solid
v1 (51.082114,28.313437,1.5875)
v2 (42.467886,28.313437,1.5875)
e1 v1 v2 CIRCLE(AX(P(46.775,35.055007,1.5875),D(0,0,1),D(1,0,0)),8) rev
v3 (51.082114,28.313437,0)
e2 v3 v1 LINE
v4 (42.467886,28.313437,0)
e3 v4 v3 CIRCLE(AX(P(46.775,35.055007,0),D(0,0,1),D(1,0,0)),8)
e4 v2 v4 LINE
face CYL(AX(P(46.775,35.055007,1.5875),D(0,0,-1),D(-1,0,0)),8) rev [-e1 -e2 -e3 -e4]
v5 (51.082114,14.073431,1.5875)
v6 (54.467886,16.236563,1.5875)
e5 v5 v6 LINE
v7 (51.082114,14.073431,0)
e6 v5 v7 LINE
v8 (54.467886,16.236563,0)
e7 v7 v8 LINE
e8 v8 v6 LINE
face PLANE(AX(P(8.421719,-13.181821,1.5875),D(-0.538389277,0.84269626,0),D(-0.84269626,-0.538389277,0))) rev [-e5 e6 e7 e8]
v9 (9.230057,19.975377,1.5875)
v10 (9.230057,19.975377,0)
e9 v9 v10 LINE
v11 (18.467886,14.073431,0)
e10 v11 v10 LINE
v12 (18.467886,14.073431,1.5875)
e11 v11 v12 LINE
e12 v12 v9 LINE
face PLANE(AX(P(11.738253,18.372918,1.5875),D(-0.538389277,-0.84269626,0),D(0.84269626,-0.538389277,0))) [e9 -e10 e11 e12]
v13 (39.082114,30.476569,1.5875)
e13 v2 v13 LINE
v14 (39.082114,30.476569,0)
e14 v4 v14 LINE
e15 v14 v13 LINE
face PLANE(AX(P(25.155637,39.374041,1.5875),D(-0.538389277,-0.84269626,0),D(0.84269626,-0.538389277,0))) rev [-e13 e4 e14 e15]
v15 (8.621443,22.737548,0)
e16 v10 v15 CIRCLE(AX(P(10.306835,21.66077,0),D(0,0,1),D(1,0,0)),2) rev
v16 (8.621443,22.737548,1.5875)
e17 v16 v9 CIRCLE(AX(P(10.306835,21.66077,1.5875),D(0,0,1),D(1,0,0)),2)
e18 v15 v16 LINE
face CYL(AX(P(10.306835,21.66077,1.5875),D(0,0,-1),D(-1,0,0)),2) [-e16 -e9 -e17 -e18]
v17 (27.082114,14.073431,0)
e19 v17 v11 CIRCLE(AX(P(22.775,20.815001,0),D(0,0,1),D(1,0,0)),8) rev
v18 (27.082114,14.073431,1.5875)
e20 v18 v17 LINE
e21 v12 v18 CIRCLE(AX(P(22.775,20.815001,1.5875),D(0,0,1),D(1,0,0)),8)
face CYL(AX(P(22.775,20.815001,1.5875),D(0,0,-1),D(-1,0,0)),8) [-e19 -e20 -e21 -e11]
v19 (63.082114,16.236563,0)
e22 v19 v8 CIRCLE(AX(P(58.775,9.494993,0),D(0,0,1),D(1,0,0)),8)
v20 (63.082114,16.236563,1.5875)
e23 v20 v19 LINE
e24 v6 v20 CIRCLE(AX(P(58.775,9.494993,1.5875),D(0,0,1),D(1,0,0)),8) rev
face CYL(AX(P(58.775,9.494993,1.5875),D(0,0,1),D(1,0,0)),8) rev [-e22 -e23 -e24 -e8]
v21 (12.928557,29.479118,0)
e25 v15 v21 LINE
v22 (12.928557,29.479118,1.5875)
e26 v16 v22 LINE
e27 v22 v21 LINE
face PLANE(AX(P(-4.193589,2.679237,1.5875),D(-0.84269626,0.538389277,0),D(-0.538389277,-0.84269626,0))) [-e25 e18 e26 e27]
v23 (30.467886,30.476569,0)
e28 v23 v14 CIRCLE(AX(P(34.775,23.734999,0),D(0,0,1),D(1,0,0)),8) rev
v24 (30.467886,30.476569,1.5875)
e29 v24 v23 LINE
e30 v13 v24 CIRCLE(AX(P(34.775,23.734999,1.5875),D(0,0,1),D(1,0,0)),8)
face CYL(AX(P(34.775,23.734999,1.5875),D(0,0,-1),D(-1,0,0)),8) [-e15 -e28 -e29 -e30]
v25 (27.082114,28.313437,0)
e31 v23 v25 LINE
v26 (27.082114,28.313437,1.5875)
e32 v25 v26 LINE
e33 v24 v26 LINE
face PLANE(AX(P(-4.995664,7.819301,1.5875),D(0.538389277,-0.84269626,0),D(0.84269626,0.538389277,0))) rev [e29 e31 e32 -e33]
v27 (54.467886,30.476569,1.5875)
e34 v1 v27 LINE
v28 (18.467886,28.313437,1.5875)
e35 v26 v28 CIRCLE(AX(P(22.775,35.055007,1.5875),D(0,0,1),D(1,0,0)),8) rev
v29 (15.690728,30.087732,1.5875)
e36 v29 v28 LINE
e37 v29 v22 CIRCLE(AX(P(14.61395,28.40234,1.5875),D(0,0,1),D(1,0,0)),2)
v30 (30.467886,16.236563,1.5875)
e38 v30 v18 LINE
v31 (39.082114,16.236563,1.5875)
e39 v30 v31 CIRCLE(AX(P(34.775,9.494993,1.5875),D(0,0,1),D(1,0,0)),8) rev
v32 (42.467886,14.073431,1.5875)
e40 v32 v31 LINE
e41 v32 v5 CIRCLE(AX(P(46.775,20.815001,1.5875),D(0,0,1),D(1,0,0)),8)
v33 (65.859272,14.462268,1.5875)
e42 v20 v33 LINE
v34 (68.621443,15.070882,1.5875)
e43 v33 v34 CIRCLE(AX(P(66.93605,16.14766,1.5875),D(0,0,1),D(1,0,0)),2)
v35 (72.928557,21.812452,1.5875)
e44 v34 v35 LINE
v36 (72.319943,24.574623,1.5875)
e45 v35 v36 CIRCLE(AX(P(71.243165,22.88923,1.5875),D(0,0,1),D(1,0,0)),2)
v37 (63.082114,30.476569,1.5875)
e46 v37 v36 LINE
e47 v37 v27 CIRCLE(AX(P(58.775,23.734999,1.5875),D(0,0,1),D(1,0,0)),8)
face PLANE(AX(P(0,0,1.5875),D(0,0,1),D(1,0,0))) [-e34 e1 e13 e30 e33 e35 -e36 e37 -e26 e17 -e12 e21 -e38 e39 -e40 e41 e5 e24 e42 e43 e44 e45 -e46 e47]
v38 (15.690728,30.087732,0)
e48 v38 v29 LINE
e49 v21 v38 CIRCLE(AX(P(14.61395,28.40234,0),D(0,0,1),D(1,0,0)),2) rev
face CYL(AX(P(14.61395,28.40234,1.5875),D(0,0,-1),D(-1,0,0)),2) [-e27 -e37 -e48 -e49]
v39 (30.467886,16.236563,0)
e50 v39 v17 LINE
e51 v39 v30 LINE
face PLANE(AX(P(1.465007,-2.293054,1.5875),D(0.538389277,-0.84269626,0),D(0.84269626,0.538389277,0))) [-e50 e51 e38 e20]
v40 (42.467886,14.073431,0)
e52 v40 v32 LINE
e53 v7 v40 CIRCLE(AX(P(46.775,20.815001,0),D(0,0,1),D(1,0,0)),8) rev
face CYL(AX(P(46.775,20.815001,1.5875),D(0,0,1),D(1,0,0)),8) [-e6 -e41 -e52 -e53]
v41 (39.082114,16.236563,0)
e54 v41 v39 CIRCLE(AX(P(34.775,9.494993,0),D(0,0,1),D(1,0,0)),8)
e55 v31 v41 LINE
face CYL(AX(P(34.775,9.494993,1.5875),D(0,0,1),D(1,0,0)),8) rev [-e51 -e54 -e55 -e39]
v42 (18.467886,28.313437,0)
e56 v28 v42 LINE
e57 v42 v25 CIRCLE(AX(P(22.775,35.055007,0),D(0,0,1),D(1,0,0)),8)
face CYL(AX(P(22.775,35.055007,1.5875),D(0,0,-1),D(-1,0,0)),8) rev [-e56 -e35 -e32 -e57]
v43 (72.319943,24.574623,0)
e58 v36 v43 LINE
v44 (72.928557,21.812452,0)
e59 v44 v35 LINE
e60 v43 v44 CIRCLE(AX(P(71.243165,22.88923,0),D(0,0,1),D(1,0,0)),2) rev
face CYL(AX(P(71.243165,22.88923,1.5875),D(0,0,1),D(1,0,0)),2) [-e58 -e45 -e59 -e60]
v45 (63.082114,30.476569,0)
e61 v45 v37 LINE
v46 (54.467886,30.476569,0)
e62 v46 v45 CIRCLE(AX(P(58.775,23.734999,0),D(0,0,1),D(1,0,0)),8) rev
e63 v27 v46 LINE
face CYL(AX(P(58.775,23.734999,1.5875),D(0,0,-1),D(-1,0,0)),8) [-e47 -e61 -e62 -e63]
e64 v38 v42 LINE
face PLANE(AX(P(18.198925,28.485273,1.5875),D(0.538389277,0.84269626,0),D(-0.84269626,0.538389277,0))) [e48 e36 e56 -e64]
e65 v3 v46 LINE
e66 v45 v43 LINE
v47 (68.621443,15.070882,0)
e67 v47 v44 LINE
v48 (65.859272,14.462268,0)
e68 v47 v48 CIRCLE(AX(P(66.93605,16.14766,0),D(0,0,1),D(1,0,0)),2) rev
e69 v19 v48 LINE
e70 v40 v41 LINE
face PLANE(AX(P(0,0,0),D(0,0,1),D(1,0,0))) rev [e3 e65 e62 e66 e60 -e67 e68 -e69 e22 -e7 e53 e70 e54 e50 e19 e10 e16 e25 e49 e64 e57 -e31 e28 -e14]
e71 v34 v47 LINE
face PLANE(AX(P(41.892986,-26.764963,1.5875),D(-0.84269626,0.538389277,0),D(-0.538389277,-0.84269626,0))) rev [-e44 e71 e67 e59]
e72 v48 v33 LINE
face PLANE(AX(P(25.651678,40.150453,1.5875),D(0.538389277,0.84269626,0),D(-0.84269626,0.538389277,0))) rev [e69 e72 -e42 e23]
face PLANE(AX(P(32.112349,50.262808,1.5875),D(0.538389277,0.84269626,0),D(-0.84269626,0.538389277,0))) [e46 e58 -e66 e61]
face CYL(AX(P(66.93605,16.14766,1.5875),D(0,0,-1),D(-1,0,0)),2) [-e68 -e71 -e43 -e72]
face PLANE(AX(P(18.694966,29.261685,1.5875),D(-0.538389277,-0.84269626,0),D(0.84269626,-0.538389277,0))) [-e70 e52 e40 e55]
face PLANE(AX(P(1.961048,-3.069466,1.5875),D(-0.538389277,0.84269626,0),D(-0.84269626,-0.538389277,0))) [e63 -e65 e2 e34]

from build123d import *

# Parameters (mm, degrees)
BOSS_EXTRUDE1_DEPTH = 1.5875
FILLET1_R           = 2
FILLET3_R           = 8
FILLET4_R           = 8


with BuildPart() as part:
    # Sketch3 → Boss-Extrude1 (new body)
    with BuildSketch(Plane.XY):
        Polygon((58.775, 33.228336454), (53.202823644, 29.668334894), (46.775, 25.561669788), (40.347176356, 29.668334894), (34.775, 33.228336454), (22.775, 25.561669788), (14.005335663, 31.164510892), (7.544664337, 21.052155774), (22.775, 11.321663546), (28.347176356, 14.881665106), (34.775, 18.988330212), (41.202823644, 14.881665106), (46.775, 11.321663546), (58.775, 18.988330212), (67.544664337, 13.385489108), (74.005335663, 23.497844226), align=None)
    extrude(amount=BOSS_EXTRUDE1_DEPTH)

    # Fillet1
    fillet1_edges = [part.edges().sort_by_distance(p)[0] for p in [
        (7.544664337, 21.052155774, 0.79375),
        (14.005335663, 31.164510892, 0.79375),
        (74.005335663, 23.497844226, 0.79375),
        (67.544664337, 13.385489108, 0.79375),
    ]]
    fillet(fillet1_edges, radius=FILLET1_R)

    # Fillet3
    fillet3_edges = [part.edges().sort_by_distance(p)[0] for p in [
        (46.775, 11.321663546, 0.79375),
        (22.775, 11.321663546, 0.79375),
        (34.775, 33.228336454, 0.79375),
        (58.775, 33.228336454, 0.79375),
    ]]
    fillet(fillet3_edges, radius=FILLET3_R)

    # Fillet4
    fillet4_edges = [part.edges().sort_by_distance(p)[0] for p in [
        (34.775, 18.988330212, 0.79375),
        (22.775, 25.561669788, 0.79375),
        (46.775, 25.561669788, 0.79375),
        (58.775, 18.988330212, 0.79375),
    ]]
    fillet(fillet4_edges, radius=FILLET4_R)


solid = part.part
